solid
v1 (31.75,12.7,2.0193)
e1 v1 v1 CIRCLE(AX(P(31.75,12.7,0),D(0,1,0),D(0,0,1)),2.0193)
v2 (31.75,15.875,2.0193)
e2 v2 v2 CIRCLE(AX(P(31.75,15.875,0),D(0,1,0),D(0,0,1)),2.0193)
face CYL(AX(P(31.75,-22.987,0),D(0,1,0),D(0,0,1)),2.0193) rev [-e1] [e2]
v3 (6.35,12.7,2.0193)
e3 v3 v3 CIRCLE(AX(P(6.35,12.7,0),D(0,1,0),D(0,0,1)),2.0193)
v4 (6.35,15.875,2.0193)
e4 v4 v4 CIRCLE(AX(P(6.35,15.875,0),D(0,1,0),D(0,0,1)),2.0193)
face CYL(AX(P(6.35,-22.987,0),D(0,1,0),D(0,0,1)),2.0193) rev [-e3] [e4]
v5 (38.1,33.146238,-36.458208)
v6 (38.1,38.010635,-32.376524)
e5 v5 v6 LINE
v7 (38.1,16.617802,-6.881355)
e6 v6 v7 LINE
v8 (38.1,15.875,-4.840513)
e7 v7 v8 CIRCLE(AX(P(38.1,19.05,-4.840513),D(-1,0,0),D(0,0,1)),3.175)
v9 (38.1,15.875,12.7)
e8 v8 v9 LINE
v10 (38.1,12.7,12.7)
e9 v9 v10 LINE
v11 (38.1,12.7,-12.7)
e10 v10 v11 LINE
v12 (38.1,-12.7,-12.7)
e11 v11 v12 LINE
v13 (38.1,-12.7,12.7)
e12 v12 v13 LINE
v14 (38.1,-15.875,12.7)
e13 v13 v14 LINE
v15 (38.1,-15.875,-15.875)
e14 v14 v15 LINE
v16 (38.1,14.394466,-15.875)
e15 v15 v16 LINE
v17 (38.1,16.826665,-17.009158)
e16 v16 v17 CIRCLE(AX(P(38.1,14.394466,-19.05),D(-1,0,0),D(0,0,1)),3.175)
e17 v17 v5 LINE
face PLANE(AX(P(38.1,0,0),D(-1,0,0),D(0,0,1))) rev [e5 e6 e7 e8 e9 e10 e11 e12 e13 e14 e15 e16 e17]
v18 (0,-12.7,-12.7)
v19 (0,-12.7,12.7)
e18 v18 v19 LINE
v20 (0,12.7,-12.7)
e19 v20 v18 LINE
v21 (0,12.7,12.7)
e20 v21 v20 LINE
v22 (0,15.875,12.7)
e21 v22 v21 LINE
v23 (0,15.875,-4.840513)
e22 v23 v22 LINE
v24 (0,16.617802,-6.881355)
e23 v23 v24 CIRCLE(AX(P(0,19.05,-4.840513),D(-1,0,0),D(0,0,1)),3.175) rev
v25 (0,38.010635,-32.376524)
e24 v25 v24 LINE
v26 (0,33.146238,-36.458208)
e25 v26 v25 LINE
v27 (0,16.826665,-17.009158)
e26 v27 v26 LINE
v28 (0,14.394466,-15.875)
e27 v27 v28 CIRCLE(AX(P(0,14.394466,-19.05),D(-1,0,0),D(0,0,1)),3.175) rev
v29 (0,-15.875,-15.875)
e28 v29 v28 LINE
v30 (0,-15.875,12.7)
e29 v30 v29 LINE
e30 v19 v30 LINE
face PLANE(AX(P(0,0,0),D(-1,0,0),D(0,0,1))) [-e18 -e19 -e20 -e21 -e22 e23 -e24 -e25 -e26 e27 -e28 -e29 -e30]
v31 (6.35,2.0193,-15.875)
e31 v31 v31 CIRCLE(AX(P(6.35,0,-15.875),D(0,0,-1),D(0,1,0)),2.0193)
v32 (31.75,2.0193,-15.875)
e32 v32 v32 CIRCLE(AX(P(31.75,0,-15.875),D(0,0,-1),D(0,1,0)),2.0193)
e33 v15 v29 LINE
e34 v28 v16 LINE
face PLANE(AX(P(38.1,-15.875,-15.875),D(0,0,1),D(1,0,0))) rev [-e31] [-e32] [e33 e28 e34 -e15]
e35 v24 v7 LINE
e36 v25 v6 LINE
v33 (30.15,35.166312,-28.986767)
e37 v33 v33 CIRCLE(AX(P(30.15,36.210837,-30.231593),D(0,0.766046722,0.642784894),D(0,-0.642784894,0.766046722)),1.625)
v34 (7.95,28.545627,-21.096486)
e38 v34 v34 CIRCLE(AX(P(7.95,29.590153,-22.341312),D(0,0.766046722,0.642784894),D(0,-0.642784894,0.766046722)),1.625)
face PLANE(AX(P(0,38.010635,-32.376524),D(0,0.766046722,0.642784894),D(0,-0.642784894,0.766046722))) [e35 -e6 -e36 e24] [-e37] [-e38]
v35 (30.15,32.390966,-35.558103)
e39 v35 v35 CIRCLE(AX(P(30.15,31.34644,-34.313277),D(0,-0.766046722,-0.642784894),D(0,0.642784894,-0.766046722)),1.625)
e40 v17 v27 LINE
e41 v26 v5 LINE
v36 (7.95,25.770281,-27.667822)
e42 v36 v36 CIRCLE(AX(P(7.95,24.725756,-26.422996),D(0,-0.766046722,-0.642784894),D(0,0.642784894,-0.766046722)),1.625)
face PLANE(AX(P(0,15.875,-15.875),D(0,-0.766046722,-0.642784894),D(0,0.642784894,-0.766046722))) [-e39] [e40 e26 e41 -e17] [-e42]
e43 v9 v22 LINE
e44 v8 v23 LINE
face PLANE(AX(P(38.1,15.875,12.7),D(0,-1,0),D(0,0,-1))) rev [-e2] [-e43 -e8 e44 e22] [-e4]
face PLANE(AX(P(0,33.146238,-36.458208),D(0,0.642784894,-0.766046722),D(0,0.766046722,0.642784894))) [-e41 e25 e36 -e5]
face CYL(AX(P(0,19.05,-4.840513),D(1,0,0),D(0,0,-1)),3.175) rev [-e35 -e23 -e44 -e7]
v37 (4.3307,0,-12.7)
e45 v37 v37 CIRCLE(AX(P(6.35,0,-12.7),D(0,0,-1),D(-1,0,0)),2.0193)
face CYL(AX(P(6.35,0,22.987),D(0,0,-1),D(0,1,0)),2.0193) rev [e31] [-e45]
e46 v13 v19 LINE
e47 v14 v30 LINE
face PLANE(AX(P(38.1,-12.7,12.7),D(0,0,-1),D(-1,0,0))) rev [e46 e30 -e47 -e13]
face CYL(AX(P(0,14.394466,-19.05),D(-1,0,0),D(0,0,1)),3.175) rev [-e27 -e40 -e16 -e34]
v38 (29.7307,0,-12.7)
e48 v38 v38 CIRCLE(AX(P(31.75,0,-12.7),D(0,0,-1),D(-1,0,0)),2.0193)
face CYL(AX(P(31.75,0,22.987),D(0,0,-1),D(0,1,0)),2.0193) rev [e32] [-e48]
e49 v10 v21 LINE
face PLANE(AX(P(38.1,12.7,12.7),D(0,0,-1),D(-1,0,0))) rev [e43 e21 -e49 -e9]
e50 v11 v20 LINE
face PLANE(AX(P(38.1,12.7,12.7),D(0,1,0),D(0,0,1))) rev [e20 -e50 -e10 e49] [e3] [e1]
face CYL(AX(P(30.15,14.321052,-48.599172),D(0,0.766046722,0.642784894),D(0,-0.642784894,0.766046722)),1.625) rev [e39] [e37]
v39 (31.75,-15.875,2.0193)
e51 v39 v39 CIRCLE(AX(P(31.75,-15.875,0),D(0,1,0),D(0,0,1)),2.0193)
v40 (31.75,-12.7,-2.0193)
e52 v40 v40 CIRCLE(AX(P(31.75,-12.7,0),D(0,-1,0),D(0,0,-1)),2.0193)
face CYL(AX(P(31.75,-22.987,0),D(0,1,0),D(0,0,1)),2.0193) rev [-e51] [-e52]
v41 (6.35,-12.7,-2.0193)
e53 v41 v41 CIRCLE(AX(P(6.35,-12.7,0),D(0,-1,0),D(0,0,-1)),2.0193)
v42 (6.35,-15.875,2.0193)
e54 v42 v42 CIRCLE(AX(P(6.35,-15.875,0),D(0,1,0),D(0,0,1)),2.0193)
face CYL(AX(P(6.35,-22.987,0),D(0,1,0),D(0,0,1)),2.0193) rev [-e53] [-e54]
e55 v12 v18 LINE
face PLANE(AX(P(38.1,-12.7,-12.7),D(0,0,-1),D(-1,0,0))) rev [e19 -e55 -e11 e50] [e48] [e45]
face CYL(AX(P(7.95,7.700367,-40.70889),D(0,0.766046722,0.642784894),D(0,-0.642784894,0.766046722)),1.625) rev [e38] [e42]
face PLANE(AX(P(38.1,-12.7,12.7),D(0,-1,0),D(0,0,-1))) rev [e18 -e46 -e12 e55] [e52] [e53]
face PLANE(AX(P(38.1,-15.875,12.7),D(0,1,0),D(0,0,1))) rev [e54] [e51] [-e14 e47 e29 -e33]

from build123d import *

# Parameters (mm, degrees)
BOSS_EXTRUDE1_DEPTH = 38.1
SKETCH2_R           = 2.0193
CUT_EXTRUDE1_DEPTH  = 38.862
BOSS_EXTRUDE2_DEPTH = 38.1
FILLET1_R           = 3.175
CIRPATTERN1_COUNT   = 2
CIRPATTERN1_ANGLE   = 90
SKETCH6_R           = 1.625
CUT_EXTRUDE2_DEPTH  = 28.575


with BuildPart() as part:
    # Sketch1 → Boss-Extrude1 (new body)
    with BuildSketch(Plane(origin=(0, 0, 0), x_dir=(0, 0, -1), z_dir=(1, 0, 0))):
        Polygon((-12.7, 12.7), (12.7, 12.7), (12.7, -12.7), (-12.7, -12.7), (-12.7, -15.875), (15.875, -15.875), (15.875, 15.875), (-12.7, 15.875), align=None)
    extrude(amount=BOSS_EXTRUDE1_DEPTH)

    # Sketch2 → Cut-Extrude1 (cut)
    with BuildSketch(Plane(origin=(0, 15.875, 0), x_dir=(1, 0, 0), z_dir=(0, 1, 0))):
        with Locations((6.35, 0)):
            Circle(SKETCH2_R)
        with Locations((31.75, 0)):
            Circle(SKETCH2_R)
    cut_extrude1 = extrude(amount=-CUT_EXTRUDE1_DEPTH, mode=Mode.SUBTRACT)

    # Sketch5 → Boss-Extrude2 (add)
    with BuildSketch(Plane(origin=(38.1, 0, 0), x_dir=(0, 0, -1), z_dir=(1, 0, 0))):
        Polygon((15.875, 15.875), (36.45820813, 33.146238), (32.376524054, 38.010634684), (5.996111961, 15.875), align=None)
    extrude(amount=-BOSS_EXTRUDE2_DEPTH)

    # Fillet1
    fillet1_edges = [part.edges().sort_by_distance(p)[0] for p in [
        (19.05, 15.875, -15.875),
        (19.05, 15.875, -5.996111961),
    ]]
    fillet(fillet1_edges, radius=FILLET1_R)

    # CirPattern1: Cut-Extrude1 ×2 about axis
    cirpattern1_axis = Axis((21.2725, 0, 0), (-1, 0, 0))
    for i in range(1, CIRPATTERN1_COUNT):
        add(cut_extrude1.rotate(cirpattern1_axis, i * CIRPATTERN1_ANGLE / (CIRPATTERN1_COUNT - 1)), mode=Mode.SUBTRACT)

    # Sketch6 → Cut-Extrude2 (cut)
    with BuildSketch(Plane(origin=(0, 6.363382753, 5.339473678), x_dir=(1, 0, 0), z_dir=(0, 0.7660467219358679, 0.6427848938885473))):
        with Locations((7.95, 36.134591901)):
            Circle(SKETCH6_R)
        with Locations((30.15, 46.434591901)):
            Circle(SKETCH6_R)
    extrude(amount=-CUT_EXTRUDE2_DEPTH, mode=Mode.SUBTRACT)


solid = part.part
